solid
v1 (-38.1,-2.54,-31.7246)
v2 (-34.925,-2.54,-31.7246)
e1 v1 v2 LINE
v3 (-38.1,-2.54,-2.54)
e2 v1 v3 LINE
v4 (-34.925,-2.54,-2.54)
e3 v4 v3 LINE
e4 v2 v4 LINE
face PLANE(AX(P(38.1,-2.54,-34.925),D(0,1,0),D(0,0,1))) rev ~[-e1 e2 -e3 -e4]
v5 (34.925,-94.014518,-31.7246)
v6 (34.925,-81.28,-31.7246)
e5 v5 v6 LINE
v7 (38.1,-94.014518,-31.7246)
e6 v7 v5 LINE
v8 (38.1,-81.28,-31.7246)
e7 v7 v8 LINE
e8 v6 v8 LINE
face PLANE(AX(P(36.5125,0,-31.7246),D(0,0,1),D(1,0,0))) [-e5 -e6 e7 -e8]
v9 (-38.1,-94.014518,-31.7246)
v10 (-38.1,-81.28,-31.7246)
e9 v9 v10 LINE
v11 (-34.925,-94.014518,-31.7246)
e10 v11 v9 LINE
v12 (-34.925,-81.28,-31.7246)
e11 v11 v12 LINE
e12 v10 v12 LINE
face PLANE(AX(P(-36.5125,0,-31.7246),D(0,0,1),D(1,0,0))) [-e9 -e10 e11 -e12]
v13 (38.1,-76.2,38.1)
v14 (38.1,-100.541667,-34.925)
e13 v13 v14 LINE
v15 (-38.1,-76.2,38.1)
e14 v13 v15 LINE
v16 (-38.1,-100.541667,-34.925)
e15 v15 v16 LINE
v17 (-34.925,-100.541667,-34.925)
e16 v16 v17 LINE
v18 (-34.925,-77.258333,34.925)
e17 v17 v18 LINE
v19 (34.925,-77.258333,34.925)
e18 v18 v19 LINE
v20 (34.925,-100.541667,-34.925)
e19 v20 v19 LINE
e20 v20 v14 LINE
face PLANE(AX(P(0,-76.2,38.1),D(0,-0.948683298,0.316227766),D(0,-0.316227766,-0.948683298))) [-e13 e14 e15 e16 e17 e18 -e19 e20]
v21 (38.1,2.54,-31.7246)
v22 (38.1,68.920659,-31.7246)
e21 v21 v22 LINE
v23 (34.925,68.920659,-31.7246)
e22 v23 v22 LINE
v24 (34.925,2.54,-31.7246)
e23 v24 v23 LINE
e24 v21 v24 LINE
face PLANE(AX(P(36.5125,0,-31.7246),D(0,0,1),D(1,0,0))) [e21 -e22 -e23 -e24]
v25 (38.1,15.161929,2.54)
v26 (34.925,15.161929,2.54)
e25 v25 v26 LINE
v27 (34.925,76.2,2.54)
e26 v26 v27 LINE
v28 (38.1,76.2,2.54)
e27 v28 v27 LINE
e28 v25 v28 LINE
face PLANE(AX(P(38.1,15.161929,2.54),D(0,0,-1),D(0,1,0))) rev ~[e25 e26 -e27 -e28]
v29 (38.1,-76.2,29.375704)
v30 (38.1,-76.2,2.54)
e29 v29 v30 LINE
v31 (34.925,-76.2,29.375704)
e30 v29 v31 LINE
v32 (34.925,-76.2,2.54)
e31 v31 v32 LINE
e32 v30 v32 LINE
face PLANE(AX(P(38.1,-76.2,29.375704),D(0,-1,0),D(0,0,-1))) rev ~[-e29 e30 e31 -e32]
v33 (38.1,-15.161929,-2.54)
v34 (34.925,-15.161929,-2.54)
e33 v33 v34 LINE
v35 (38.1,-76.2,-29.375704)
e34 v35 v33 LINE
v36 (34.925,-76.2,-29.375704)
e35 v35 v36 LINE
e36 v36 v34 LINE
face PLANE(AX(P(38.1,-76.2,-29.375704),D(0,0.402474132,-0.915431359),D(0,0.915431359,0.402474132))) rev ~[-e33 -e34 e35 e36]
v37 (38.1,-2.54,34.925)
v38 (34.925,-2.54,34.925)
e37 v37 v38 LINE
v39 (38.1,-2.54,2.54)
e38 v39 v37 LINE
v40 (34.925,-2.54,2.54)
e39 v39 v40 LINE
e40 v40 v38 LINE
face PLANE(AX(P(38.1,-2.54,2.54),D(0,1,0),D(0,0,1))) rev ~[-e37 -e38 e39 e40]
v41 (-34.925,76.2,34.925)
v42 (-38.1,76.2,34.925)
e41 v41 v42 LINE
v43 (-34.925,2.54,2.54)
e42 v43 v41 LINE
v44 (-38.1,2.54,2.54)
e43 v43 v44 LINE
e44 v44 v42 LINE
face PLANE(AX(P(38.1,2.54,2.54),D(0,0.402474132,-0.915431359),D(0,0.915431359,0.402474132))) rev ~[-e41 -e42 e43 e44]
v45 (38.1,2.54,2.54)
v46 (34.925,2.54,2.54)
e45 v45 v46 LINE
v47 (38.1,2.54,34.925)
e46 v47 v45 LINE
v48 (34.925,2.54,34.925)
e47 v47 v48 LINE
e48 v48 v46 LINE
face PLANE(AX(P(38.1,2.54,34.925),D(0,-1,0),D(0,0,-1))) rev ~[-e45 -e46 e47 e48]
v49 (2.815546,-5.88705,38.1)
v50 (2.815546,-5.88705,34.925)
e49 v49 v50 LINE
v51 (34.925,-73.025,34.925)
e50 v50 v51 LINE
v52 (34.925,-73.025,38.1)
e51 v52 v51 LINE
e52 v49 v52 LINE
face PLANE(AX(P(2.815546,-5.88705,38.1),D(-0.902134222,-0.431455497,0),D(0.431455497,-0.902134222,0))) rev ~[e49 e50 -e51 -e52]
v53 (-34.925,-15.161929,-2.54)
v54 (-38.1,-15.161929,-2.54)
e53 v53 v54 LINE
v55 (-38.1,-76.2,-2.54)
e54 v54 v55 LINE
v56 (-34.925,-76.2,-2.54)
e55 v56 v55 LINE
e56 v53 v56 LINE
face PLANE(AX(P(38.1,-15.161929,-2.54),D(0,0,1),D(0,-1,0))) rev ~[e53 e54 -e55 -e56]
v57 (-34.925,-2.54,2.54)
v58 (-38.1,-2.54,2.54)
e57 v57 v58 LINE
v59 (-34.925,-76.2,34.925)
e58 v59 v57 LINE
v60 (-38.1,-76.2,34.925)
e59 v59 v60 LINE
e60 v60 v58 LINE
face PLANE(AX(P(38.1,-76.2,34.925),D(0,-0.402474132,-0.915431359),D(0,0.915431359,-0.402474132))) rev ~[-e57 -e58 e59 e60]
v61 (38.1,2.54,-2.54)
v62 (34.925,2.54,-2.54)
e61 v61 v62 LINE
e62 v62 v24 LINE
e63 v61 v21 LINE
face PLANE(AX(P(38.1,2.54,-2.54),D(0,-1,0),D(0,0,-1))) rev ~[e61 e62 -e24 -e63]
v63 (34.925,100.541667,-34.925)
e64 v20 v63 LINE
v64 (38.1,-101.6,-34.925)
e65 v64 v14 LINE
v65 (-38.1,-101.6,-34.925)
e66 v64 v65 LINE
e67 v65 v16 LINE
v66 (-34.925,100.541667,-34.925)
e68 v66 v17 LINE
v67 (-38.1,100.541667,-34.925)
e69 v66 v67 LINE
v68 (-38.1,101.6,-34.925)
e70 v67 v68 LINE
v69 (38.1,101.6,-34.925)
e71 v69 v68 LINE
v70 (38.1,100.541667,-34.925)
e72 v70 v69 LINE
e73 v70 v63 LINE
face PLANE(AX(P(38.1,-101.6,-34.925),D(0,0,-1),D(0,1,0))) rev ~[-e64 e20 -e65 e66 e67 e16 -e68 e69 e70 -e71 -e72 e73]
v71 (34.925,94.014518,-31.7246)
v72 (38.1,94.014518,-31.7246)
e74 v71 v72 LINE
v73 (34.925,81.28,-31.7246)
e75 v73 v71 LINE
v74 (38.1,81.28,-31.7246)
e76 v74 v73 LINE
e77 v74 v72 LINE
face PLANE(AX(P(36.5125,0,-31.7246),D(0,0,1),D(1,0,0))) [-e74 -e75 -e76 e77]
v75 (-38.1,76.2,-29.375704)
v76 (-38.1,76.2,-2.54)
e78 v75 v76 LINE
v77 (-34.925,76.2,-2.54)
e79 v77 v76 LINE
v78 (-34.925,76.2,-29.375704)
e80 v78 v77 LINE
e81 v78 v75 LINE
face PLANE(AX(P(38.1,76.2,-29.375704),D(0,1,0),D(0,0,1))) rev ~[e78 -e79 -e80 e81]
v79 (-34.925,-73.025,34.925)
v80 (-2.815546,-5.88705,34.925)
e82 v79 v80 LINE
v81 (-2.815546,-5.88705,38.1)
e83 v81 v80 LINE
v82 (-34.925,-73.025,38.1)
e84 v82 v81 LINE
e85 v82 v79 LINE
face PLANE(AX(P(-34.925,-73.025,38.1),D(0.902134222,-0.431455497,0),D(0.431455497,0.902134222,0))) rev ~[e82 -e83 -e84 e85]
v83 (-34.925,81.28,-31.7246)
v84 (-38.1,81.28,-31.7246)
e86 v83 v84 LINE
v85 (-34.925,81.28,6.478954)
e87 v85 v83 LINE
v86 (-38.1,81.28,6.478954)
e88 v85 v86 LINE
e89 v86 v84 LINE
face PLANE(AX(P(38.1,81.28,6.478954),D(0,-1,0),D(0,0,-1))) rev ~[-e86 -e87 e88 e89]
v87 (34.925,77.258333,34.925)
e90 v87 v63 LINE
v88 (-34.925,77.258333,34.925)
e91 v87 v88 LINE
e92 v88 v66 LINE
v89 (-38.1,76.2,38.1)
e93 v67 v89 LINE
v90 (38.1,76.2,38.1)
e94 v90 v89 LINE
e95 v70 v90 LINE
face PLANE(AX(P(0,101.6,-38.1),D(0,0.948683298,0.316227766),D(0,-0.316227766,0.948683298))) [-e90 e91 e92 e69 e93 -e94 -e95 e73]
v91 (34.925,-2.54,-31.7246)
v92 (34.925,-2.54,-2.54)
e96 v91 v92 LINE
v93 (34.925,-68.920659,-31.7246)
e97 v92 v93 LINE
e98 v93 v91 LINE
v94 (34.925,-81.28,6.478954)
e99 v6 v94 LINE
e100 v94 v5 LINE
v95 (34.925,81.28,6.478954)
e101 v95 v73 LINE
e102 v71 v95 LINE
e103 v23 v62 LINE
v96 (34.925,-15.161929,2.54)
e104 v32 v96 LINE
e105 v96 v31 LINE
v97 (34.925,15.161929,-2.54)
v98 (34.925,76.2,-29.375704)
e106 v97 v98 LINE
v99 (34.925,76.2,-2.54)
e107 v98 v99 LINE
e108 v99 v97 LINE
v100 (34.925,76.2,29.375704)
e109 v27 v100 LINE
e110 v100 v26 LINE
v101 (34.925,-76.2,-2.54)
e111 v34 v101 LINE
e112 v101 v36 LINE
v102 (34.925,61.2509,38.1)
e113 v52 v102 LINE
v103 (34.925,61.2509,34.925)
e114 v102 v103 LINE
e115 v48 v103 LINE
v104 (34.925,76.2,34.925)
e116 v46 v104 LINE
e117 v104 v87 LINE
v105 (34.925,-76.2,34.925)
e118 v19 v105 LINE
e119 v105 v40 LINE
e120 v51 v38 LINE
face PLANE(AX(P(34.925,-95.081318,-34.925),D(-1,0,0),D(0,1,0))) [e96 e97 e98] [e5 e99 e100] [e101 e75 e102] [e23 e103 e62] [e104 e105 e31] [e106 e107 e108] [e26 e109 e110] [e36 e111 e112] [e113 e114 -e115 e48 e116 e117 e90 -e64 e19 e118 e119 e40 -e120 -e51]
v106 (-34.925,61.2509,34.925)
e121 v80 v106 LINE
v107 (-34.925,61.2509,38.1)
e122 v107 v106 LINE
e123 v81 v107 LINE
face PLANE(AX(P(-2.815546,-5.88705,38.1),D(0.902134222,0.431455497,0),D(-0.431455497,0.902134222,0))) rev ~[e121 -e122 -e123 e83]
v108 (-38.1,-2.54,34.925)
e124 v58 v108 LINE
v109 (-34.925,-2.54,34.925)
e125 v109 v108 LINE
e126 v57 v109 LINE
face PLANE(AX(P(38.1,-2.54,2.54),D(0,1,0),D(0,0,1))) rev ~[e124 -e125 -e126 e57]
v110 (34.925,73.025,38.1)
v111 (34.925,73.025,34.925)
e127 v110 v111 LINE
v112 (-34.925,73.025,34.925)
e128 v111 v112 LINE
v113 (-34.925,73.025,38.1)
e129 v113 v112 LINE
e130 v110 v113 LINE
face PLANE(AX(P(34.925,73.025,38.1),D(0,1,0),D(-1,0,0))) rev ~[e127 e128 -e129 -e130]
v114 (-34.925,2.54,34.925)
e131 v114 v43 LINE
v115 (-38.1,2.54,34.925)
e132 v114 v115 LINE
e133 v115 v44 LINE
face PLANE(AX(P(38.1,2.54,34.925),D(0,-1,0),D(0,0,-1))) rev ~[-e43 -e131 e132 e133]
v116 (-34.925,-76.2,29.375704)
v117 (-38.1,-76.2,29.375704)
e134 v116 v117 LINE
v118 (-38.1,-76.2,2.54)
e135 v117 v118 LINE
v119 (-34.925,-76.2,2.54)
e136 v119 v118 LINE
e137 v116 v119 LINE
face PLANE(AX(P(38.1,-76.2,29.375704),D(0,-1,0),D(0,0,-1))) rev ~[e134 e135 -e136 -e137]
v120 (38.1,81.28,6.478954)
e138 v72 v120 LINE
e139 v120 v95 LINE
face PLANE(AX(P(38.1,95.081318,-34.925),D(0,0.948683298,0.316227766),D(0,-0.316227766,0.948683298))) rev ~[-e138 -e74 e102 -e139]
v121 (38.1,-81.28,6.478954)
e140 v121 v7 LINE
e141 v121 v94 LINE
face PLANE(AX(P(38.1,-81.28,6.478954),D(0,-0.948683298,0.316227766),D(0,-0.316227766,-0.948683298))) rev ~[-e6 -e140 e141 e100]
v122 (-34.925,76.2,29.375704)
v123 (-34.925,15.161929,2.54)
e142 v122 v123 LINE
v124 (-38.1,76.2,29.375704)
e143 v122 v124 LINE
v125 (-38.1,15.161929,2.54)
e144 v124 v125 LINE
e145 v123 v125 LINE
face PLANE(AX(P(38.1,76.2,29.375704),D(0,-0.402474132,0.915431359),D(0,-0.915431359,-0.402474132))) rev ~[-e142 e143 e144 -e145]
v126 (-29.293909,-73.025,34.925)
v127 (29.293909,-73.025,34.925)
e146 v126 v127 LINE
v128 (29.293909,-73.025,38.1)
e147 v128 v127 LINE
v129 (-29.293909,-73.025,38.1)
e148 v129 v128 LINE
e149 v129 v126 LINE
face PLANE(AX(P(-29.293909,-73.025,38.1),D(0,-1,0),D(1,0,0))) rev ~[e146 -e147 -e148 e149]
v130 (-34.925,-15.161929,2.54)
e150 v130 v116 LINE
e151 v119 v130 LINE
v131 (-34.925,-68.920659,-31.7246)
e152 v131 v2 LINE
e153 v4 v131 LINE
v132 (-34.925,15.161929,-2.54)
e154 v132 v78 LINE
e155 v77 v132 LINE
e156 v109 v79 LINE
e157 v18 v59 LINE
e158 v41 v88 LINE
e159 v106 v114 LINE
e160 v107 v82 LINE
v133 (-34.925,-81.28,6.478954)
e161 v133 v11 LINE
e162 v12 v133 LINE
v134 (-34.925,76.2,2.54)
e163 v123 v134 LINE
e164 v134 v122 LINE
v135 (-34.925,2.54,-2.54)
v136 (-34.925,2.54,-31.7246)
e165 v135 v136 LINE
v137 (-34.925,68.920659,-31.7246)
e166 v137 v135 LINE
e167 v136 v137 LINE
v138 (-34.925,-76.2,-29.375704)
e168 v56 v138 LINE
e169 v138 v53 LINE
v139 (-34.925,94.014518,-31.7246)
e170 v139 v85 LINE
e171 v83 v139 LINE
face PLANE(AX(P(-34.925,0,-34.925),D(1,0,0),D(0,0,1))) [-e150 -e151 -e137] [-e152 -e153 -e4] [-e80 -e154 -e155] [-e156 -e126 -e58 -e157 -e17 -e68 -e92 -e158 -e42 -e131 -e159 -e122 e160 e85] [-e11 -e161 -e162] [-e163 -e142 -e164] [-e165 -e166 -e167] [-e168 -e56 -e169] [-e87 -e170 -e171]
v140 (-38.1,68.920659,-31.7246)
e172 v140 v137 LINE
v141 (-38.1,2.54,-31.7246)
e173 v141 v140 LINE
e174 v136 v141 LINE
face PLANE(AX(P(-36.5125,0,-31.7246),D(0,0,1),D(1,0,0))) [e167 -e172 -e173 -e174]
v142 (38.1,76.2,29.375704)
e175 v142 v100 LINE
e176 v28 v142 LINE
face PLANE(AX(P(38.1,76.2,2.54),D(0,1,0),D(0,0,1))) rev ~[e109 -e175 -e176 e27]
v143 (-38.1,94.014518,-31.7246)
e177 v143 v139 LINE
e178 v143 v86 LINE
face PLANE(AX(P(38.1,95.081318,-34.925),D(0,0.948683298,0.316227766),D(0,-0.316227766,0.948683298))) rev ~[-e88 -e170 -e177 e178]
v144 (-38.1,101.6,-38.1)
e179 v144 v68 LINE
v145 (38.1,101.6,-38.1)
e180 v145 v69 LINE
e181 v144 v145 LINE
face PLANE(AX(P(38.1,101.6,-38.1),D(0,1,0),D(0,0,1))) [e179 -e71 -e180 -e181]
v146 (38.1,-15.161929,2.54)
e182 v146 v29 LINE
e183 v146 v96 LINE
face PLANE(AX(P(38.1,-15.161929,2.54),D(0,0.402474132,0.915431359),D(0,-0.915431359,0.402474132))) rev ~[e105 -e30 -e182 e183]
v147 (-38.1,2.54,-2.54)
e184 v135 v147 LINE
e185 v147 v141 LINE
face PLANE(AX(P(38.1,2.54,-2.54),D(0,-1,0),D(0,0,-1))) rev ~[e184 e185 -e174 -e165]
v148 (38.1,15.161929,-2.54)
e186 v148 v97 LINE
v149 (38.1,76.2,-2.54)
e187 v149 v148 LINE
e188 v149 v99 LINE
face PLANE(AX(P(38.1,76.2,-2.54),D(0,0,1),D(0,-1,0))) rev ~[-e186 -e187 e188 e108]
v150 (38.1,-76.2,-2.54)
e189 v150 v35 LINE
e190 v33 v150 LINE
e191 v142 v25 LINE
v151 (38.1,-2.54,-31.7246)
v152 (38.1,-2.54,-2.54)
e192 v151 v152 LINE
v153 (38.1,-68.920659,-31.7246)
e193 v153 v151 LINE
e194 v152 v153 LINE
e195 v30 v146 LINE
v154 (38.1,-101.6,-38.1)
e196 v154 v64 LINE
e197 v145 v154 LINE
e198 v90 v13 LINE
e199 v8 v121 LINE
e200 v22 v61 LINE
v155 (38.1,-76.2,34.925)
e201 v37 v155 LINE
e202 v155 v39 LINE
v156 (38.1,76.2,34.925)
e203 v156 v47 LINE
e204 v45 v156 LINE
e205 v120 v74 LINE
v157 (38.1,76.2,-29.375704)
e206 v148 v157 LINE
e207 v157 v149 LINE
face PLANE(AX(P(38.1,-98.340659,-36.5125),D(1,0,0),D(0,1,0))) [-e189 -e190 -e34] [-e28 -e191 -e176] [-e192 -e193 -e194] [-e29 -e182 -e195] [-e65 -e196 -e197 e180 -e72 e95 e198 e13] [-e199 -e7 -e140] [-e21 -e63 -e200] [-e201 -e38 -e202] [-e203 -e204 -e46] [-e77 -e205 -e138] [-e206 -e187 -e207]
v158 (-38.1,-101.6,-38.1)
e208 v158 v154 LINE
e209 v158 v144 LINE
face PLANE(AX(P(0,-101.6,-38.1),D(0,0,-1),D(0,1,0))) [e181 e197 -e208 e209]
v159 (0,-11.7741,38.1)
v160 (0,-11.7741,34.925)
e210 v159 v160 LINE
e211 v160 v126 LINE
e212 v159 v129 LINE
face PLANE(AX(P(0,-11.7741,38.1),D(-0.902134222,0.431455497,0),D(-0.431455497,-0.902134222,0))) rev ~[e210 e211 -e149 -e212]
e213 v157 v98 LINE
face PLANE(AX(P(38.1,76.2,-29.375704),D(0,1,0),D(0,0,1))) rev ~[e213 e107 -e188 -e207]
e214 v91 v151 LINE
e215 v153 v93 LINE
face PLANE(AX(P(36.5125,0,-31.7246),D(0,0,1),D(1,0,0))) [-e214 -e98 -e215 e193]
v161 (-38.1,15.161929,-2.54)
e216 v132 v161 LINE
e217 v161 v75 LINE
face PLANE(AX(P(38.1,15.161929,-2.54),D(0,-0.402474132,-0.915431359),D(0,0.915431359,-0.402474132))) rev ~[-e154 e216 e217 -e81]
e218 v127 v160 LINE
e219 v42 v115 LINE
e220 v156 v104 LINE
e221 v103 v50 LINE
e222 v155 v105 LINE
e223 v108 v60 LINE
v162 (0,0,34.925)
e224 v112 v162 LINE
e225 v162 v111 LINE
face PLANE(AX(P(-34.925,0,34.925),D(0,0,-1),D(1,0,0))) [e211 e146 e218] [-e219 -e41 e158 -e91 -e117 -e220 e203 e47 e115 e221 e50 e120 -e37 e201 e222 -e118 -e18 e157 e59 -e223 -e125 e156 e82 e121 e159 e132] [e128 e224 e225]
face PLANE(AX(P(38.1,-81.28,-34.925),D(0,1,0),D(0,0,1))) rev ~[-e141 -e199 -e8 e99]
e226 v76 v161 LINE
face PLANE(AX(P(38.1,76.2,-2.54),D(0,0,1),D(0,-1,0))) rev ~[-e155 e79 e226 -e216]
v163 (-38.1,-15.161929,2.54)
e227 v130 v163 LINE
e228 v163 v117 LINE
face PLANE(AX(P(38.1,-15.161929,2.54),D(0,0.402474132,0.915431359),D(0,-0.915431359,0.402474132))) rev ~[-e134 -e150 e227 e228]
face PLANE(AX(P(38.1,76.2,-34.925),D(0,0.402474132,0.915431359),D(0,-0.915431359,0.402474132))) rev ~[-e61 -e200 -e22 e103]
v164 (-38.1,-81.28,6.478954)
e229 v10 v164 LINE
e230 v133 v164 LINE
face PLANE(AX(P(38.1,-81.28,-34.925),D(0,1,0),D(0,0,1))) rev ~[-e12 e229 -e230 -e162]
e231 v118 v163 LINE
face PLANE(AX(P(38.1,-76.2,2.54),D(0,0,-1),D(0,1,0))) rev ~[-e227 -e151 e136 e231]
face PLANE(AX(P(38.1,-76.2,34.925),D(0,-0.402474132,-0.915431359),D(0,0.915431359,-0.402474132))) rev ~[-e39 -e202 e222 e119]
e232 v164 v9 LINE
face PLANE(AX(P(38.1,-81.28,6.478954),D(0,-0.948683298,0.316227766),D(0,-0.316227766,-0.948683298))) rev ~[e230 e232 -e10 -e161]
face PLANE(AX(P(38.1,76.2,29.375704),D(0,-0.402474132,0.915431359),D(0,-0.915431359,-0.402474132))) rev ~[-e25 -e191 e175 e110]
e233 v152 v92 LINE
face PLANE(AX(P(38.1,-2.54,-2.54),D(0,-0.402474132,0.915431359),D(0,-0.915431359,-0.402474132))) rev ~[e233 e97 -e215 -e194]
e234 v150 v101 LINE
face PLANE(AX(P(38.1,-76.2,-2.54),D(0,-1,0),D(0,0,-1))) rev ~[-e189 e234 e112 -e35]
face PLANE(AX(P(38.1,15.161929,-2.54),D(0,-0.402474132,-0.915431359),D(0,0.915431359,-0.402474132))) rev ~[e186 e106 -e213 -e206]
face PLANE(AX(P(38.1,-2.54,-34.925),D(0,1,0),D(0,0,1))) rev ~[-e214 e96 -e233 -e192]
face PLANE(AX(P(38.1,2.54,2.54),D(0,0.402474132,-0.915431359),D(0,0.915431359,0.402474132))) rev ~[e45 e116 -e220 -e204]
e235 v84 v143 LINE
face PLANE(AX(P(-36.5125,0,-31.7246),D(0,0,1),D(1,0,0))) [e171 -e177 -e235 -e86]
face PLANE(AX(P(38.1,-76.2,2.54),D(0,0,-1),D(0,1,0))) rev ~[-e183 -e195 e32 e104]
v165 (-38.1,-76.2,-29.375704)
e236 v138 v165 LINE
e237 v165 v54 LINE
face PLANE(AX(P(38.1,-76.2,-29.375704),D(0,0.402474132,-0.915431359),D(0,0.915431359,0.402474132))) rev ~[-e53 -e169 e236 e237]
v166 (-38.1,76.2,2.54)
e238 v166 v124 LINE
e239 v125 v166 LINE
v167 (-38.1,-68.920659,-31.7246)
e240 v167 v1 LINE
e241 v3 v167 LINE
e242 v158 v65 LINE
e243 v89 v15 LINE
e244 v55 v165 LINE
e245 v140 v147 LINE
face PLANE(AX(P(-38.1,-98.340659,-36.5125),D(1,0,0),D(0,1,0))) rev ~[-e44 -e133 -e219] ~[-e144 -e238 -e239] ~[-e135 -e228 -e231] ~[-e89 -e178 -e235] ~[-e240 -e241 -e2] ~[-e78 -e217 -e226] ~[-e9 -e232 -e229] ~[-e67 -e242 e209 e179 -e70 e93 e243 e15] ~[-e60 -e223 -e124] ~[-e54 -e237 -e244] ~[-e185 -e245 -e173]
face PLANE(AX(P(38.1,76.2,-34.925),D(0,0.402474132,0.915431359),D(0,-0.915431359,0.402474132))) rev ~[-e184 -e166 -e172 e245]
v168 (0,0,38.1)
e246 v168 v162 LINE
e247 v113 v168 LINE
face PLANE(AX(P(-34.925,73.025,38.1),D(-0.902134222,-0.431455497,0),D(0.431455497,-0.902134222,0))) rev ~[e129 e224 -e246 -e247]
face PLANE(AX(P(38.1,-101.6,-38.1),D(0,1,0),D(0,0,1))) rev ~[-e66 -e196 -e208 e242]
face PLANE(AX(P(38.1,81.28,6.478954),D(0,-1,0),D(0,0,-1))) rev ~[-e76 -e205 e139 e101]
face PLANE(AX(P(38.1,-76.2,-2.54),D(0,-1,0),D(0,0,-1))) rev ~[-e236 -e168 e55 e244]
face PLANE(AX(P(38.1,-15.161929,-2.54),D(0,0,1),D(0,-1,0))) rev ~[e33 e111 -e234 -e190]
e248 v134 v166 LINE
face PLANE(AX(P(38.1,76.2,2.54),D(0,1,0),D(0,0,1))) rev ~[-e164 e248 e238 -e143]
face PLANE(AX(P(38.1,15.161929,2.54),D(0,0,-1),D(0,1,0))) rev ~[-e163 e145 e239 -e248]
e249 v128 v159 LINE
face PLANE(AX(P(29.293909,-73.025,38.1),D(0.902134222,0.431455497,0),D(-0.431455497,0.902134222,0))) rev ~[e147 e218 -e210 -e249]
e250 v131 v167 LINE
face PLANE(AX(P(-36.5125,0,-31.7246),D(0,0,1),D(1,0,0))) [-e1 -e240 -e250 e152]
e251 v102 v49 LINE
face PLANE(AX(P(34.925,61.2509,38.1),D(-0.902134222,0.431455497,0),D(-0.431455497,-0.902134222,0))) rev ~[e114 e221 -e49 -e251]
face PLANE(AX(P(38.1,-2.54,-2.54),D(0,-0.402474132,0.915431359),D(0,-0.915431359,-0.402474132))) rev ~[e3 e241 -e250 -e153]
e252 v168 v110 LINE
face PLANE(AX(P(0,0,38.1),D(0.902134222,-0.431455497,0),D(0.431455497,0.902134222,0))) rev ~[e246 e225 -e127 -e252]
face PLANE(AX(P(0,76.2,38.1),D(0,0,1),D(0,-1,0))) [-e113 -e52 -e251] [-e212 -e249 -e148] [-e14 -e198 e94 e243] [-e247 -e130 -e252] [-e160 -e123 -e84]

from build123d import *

# Parameters (mm, degrees)
F1_DEPTH  = 38.1
F3_W      = 69.85
F3_H      = 69.85
F4_DEPTH  = 127
F5_DEPTH  = 76.2
F7_DEPTH  = 3.175
F8_W      = 6.5186821197
F8_H      = 3.175
F9_DEPTH  = 76.2
F10_W     = 3.175
F10_H     = 190.1626357606
F11_DEPTH = 3.175
F12_DEPTH = 3.2004


with BuildPart() as f1:
    # F0 (on Right) → F1 (new body, symmetric)
    with BuildSketch(Plane.YZ):
        Polygon((-76.2, 38.1), (-101.6, -38.1), (101.6, -38.1), (76.2, 38.1), align=None)
    extrude(amount=F1_DEPTH, both=True)

    # F3 (on Front) → F4 (cut, symmetric)
    with BuildSketch(Plane.XZ):
        Rectangle(F3_W, F3_H)
    extrude(amount=F4_DEPTH, both=True, mode=Mode.SUBTRACT)

    # F2 (on face) → F5 (cut)
    with BuildSketch(Plane.YZ.offset(38.1)):
        Polygon((-95.0813178803, -34.925), (-81.28, -34.925), (-81.28, 6.4789536409), align=None)
        Polygon((-76.2, -29.37570354), (-15.1619292031, -2.54), (-76.2, -2.54), align=None)
        Polygon((-76.2, 2.54), (-15.1619292031, 2.54), (-76.2, 29.37570354), align=None)
        Polygon((-76.2, 34.925), (-2.54, 2.54), (-2.54, 34.925), align=None)
        Polygon((2.54, 34.925), (2.54, 2.54), (76.2, 34.925), align=None)
        Polygon((15.1619292031, 2.54), (76.2, 2.54), (76.2, 29.37570354), align=None)
        Polygon((15.1619292031, -2.54), (76.2, -29.37570354), (76.2, -2.54), align=None)
        Polygon((2.54, -34.925), (76.2, -34.925), (2.54, -2.54), align=None)
        Polygon((81.28, 6.4789536409), (81.28, -34.925), (95.0813178803, -34.925), align=None)
        Polygon((-76.2, -34.925), (-2.54, -34.925), (-2.54, -2.54), align=None)
    extrude(amount=-F5_DEPTH, mode=Mode.SUBTRACT)

    # F6 (on face) → F7 (cut)
    with BuildSketch(Plane.XY.offset(38.1)):
        Polygon((0, 0), (34.925, 73.025), (-34.925, 73.025), align=None)
        Polygon((-34.925, 61.2509003959), (-34.925, -73.025), (-2.8155455575, -5.8870498021), align=None)
        Polygon((2.8155455575, -5.8870498021), (34.925, -73.025), (34.925, 61.2509003959), align=None)
        Polygon((-29.293908885, -73.025), (29.293908885, -73.025), (0, -11.7740996041), align=None)
    extrude(amount=-F7_DEPTH, mode=Mode.SUBTRACT)

    # F8 (on face) → F9 (join)
    with BuildSketch(Plane.YZ.offset(38.1)):
        with Locations((-98.3406589402, -36.5125)):
            Rectangle(F8_W, F8_H)
        with Locations((98.3406589402, -36.5125)):
            Rectangle(F8_W, F8_H)
    extrude(amount=-F9_DEPTH)

    # F10 (on face) → F11 (join)
    with BuildSketch(Plane.XY.offset(-34.925)):
        with Locations((36.5125, 0)):
            Rectangle(F10_W, F10_H)
        with Locations((-36.5125, 0)):
            Rectangle(F10_W, F10_H)
    extrude(amount=F11_DEPTH)

    # F10 (on face) → F12 (join)
    with BuildSketch(Plane.XY.offset(-34.925)):
        with Locations((36.5125, 0)):
            Rectangle(F10_W, F10_H)
        with Locations((-36.5125, 0)):
            Rectangle(F10_W, F10_H)
    extrude(amount=F12_DEPTH)


solid = f1.part
